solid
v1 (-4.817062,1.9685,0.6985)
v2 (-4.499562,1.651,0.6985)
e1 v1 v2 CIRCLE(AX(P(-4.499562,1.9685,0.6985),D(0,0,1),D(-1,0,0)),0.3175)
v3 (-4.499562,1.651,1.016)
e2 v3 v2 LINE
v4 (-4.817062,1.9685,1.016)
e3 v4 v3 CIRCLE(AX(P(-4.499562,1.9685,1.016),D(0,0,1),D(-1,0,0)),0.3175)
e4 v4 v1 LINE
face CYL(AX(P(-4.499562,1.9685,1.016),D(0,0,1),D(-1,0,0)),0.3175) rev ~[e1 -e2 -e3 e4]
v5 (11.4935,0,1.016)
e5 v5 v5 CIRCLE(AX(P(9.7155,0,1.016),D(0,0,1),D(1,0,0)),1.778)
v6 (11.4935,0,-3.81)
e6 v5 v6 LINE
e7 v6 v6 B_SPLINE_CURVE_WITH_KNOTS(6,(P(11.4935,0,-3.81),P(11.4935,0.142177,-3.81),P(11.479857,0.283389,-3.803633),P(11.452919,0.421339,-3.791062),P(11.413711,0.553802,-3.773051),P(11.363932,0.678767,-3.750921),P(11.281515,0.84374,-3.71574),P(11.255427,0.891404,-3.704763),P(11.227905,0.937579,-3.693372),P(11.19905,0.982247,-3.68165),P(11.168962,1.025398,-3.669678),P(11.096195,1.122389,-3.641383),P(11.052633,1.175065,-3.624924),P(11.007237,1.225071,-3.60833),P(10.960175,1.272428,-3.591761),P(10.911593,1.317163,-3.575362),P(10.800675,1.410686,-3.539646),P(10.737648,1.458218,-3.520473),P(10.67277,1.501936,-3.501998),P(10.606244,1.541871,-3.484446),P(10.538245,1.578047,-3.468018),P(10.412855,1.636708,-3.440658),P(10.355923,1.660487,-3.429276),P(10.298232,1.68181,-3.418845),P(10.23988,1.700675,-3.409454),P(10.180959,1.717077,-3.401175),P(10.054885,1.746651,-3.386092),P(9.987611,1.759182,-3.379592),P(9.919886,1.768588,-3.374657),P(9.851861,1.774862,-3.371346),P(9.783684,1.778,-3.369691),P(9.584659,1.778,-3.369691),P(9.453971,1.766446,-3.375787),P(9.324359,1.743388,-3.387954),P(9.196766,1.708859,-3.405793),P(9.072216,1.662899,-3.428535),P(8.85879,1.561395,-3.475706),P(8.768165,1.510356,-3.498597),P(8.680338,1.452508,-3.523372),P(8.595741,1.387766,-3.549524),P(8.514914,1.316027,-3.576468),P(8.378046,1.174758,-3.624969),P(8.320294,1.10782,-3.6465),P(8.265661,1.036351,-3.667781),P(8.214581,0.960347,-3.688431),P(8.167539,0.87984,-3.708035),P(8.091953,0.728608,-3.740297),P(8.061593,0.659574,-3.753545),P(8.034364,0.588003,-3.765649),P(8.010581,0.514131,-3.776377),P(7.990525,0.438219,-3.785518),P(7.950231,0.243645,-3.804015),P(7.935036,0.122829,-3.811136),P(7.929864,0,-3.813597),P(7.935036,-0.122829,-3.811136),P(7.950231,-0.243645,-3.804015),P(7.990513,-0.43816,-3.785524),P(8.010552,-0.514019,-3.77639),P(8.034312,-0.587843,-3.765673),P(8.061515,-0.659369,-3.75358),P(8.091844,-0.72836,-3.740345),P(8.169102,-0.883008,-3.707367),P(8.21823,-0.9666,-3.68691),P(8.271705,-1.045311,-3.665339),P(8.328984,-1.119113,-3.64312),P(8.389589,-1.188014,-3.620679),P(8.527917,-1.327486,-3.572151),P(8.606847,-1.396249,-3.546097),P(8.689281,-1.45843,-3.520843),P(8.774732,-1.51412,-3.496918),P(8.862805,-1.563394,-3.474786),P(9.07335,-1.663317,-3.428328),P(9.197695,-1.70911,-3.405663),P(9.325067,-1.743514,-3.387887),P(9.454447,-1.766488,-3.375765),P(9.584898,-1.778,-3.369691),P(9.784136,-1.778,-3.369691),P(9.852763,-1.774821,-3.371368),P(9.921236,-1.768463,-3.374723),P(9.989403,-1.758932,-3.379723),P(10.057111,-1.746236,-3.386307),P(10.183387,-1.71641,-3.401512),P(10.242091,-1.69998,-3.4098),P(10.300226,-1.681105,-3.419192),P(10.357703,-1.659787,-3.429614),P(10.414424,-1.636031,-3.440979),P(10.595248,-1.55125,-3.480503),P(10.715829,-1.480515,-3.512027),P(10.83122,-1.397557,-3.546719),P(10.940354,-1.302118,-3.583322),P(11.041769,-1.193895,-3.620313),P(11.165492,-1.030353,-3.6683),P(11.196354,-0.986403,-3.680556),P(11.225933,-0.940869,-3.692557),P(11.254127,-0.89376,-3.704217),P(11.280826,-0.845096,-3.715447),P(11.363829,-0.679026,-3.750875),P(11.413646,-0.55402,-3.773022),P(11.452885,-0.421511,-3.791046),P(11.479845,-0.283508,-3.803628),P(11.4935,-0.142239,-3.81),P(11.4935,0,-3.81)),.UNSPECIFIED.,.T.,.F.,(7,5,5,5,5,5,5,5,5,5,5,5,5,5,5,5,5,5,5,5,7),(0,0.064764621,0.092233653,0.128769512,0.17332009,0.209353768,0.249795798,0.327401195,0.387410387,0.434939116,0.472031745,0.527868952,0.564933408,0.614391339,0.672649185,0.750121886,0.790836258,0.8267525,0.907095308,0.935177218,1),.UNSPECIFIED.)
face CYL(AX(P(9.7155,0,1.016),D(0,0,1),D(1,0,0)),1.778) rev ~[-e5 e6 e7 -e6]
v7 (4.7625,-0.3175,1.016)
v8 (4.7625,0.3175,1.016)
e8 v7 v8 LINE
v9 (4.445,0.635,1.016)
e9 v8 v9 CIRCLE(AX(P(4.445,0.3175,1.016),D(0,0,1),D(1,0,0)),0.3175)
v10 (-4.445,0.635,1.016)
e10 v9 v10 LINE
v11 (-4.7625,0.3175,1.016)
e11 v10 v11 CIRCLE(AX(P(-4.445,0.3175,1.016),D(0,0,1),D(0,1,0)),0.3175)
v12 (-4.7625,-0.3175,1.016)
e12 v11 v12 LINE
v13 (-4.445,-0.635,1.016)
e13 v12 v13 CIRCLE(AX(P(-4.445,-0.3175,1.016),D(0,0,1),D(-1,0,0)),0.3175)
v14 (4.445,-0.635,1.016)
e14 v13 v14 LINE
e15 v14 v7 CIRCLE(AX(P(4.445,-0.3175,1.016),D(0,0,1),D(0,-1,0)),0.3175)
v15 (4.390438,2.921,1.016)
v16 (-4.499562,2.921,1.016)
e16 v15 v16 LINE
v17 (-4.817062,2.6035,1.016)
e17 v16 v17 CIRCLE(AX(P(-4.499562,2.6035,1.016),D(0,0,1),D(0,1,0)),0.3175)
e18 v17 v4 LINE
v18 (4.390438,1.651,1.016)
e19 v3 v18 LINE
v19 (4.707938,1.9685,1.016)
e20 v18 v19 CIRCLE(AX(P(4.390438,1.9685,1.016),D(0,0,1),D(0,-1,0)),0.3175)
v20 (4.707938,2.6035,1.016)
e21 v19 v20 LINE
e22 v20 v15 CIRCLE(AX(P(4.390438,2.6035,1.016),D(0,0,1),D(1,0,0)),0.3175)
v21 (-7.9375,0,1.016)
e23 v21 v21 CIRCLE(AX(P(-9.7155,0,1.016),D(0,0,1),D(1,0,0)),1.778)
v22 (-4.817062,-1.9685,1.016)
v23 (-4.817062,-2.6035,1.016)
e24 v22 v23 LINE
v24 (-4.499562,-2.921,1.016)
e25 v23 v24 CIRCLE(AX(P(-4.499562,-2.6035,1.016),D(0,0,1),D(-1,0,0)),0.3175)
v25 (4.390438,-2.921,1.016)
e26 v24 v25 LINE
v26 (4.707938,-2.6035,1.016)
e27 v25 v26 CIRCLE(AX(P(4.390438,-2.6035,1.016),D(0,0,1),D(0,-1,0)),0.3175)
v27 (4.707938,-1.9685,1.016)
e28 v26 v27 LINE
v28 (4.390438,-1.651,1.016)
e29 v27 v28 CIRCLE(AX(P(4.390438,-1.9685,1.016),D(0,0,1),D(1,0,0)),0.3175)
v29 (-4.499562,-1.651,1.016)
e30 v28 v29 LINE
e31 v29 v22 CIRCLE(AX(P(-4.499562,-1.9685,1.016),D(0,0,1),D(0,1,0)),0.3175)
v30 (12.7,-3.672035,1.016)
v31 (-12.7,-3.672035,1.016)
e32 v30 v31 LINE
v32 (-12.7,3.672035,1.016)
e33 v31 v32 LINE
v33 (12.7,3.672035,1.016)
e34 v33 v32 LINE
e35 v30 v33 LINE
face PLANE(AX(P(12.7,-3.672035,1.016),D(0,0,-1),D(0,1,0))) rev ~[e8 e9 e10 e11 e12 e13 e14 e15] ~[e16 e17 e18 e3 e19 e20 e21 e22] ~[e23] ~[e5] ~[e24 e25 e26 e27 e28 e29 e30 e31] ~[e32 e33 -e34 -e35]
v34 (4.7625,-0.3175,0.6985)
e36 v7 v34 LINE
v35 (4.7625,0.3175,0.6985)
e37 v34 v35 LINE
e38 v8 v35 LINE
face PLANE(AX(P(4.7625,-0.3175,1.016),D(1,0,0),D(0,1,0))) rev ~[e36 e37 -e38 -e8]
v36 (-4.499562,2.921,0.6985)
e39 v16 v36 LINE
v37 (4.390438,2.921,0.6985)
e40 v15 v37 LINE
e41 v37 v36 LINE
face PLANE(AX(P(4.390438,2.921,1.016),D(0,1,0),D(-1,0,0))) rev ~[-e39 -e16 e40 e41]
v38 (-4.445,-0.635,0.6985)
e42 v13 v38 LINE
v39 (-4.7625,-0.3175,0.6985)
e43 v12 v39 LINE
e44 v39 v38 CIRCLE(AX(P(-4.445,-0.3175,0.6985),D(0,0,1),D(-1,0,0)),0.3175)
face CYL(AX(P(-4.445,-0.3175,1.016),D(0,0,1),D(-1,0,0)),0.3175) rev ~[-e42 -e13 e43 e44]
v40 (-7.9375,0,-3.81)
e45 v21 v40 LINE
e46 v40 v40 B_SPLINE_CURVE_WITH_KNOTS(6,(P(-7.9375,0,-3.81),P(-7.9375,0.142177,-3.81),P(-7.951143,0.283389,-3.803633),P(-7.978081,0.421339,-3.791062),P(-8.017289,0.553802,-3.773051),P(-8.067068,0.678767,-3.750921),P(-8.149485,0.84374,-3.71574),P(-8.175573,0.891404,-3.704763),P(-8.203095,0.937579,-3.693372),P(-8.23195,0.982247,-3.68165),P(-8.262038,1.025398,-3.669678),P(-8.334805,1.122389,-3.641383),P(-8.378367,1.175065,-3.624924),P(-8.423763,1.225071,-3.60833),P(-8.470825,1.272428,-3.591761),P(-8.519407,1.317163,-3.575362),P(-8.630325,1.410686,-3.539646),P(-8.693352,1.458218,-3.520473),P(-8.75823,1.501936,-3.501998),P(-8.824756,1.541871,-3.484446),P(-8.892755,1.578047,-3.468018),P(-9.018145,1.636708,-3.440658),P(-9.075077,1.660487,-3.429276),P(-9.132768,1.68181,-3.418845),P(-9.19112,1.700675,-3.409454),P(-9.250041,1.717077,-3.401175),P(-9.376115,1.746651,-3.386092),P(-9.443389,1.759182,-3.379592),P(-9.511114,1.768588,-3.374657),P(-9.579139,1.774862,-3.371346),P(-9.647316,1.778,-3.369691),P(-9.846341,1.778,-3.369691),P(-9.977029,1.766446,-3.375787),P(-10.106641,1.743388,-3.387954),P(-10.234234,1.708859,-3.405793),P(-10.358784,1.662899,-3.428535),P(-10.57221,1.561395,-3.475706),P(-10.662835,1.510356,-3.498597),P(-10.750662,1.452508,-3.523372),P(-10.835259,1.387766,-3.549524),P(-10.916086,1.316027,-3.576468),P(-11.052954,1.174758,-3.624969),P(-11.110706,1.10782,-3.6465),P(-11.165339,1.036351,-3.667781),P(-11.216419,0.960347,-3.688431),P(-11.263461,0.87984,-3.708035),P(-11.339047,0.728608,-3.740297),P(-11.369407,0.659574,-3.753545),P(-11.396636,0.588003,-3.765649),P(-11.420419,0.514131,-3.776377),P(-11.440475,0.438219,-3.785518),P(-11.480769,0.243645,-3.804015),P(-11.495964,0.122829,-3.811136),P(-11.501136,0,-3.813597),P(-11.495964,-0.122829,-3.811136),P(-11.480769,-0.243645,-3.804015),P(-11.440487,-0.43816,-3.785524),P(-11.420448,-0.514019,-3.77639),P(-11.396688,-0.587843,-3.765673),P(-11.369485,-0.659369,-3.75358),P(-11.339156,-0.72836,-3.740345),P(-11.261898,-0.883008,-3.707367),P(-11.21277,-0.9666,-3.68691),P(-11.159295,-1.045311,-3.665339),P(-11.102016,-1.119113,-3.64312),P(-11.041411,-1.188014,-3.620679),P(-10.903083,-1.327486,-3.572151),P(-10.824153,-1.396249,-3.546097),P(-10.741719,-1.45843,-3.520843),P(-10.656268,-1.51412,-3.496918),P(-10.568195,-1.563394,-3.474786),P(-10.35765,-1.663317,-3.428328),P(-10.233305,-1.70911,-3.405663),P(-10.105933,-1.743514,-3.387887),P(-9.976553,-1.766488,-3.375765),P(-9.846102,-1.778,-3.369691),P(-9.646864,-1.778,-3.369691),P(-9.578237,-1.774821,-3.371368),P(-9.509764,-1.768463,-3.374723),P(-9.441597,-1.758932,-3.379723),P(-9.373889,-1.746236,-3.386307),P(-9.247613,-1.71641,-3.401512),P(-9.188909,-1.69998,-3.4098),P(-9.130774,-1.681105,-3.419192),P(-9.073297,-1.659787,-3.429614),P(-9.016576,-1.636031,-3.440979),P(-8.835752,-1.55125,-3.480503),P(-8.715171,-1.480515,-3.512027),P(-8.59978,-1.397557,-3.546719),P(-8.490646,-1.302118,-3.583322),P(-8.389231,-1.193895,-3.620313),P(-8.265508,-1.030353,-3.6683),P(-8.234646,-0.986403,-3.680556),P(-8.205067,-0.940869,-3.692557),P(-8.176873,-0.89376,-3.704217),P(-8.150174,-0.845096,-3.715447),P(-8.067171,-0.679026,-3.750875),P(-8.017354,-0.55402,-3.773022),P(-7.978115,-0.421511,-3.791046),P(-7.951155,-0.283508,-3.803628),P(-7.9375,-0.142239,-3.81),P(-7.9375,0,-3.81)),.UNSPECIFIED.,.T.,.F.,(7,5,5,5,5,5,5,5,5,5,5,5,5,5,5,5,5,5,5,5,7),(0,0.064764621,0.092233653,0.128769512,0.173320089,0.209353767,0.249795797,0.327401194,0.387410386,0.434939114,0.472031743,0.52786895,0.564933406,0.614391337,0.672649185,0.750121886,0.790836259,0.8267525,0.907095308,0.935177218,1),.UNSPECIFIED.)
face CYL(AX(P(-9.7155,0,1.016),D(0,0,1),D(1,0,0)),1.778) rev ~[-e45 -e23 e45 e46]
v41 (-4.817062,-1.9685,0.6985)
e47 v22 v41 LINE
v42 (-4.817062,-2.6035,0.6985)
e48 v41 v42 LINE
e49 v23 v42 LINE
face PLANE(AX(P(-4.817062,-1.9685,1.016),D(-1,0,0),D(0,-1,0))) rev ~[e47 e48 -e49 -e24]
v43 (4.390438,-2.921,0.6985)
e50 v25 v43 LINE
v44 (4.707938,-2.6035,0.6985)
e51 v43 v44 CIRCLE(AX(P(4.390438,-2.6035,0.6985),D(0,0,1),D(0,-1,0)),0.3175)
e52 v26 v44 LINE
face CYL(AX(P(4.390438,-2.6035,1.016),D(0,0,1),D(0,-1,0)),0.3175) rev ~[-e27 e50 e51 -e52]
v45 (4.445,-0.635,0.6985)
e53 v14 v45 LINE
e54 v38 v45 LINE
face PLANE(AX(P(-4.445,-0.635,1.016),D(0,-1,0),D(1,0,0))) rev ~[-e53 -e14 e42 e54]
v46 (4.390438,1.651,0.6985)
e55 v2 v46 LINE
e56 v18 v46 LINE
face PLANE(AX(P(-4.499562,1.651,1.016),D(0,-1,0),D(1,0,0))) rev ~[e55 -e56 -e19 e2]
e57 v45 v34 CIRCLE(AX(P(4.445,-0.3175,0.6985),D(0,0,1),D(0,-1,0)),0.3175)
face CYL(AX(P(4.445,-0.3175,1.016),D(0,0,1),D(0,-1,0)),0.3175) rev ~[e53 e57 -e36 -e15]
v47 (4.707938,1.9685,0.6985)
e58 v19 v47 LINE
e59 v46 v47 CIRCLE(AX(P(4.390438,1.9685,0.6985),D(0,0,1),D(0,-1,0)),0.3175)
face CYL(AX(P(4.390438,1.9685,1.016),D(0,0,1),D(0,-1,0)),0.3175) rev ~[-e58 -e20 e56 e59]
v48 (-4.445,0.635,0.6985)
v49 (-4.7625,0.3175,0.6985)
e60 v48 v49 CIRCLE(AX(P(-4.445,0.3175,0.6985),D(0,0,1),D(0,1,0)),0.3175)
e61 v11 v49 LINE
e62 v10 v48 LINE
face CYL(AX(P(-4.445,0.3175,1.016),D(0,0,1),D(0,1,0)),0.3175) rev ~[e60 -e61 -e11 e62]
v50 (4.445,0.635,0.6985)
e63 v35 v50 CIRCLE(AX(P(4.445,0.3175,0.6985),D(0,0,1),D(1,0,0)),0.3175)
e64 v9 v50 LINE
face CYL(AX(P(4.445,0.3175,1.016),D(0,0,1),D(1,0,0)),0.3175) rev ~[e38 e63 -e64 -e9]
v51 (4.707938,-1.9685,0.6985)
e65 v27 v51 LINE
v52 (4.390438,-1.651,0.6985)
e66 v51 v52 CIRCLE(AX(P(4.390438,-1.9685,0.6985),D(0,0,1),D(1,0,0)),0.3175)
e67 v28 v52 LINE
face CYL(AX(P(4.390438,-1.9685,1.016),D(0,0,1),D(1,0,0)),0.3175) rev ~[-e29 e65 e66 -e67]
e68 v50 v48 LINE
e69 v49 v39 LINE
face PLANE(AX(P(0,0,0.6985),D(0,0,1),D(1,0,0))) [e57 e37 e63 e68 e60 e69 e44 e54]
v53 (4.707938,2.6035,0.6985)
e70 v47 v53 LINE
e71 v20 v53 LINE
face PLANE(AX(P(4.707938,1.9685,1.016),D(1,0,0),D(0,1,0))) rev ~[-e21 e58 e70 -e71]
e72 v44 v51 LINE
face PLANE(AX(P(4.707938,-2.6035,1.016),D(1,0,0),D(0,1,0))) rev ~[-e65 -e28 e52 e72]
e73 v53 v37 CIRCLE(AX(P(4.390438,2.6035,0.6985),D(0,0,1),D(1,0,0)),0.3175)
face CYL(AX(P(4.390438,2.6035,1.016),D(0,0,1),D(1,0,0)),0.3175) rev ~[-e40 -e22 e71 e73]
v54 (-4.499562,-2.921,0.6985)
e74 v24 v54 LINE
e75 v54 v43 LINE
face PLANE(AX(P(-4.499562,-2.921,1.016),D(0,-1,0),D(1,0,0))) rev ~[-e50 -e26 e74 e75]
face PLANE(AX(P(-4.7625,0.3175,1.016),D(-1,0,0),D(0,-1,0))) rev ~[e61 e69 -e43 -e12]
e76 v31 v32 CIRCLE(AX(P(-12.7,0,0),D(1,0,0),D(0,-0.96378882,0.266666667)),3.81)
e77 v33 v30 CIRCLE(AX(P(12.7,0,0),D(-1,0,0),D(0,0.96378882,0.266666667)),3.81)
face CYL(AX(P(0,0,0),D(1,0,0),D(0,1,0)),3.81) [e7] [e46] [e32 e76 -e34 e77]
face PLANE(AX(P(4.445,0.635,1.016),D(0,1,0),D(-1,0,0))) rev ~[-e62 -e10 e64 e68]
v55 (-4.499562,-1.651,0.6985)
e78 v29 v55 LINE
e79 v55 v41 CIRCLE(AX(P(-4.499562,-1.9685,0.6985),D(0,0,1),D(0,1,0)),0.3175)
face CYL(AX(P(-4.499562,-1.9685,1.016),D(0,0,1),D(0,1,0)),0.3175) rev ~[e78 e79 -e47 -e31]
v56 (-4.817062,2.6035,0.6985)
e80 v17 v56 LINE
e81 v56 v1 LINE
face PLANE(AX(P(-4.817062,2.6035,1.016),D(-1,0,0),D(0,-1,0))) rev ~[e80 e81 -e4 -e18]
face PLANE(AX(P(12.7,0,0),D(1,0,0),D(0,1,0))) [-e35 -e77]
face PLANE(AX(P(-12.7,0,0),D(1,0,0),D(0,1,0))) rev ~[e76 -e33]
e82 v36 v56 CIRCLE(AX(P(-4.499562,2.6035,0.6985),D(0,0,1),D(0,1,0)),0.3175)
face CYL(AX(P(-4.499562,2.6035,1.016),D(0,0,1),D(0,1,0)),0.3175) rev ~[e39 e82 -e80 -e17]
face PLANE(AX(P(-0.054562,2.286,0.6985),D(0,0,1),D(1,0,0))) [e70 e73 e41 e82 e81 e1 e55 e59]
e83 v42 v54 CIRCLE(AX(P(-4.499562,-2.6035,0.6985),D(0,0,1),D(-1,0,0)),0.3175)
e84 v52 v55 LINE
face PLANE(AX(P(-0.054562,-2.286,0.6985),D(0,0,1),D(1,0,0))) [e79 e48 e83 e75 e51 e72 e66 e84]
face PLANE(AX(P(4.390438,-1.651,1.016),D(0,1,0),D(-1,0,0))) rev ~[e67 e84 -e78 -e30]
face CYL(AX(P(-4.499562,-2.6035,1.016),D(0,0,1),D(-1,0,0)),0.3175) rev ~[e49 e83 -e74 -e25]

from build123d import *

# Parameters (mm, degrees)
F0_R     = 3.81
F1_DEPTH = 12.7
F3_DEPTH = 25.4
F4_R     = 1.778
F5_DEPTH = 25.4
F7_DEPTH = 0.3175


with BuildPart() as f1:
    # F0 (on Right) → F1 (new body, symmetric)
    with BuildSketch(Plane.YZ):
        Circle(F0_R)
    extrude(amount=F1_DEPTH, both=True)

    # F2 (on face) → F3 (cut)
    with BuildSketch(Plane.YZ.offset(12.7)):
        with BuildLine():
            ThreePointArc((3.6720354029, 1.016), (0, 3.81), (-3.6720354029, 1.016))
            Line((-3.6720354029, 1.016), (3.6720354029, 1.016))
        make_face()
    extrude(amount=-F3_DEPTH, mode=Mode.SUBTRACT)

    # F4 (on face) → F5 (cut)
    with BuildSketch(Plane.XY.offset(1.016)):
        with Locations((-9.7155, 0)):
            Circle(F4_R)
        with Locations((9.7155, 0)):
            Circle(F4_R)
    extrude(amount=-F5_DEPTH, mode=Mode.SUBTRACT)

    # F6 (on face) → F7 (cut)
    with BuildSketch(Plane.XY.offset(1.016)):
        with BuildLine():
            Line((-4.4995615003, 1.651), (4.3904384997, 1.651))
            ThreePointArc((4.3904384997, 1.651), (4.6149449027, 1.743993597), (4.7079384997, 1.9685))
            Line((4.7079384997, 1.9685), (4.7079384997, 2.6035))
            ThreePointArc((4.7079384997, 2.6035), (4.6149449027, 2.828006403), (4.3904384997, 2.921))
            Line((4.3904384997, 2.921), (-4.4995615003, 2.921))
            ThreePointArc((-4.4995615003, 2.921), (-4.7240679033, 2.828006403), (-4.8170615003, 2.6035))
            Line((-4.8170615003, 2.6035), (-4.8170615003, 1.9685))
            ThreePointArc((-4.8170615003, 1.9685), (-4.7240679033, 1.743993597), (-4.4995615003, 1.651))
        make_face()
        with BuildLine():
            ThreePointArc((4.7625, 0.3175), (4.669506403, 0.542006403), (4.445, 0.635))
            Line((4.445, 0.635), (-4.445, 0.635))
            ThreePointArc((-4.445, 0.635), (-4.669506403, 0.542006403), (-4.7625, 0.3175))
            Line((-4.7625, 0.3175), (-4.7625, -0.3175))
            ThreePointArc((-4.7625, -0.3175), (-4.669506403, -0.542006403), (-4.445, -0.635))
            Line((-4.445, -0.635), (4.445, -0.635))
            ThreePointArc((4.445, -0.635), (4.669506403, -0.542006403), (4.7625, -0.3175))
            Line((4.7625, -0.3175), (4.7625, 0.3175))
        make_face()
        with BuildLine():
            ThreePointArc((4.7079384997, -1.9685), (4.6149449027, -1.743993597), (4.3904384997, -1.651))
            Line((4.3904384997, -1.651), (-4.4995615003, -1.651))
            ThreePointArc((-4.4995615003, -1.651), (-4.7240679033, -1.743993597), (-4.8170615003, -1.9685))
            Line((-4.8170615003, -1.9685), (-4.8170615003, -2.6035))
            ThreePointArc((-4.8170615003, -2.6035), (-4.7240679033, -2.828006403), (-4.4995615003, -2.921))
            Line((-4.4995615003, -2.921), (4.3904384997, -2.921))
            ThreePointArc((4.3904384997, -2.921), (4.6149449027, -2.828006403), (4.7079384997, -2.6035))
            Line((4.7079384997, -2.6035), (4.7079384997, -1.9685))
        make_face()
    extrude(amount=-F7_DEPTH, mode=Mode.SUBTRACT)


solid = f1.part
